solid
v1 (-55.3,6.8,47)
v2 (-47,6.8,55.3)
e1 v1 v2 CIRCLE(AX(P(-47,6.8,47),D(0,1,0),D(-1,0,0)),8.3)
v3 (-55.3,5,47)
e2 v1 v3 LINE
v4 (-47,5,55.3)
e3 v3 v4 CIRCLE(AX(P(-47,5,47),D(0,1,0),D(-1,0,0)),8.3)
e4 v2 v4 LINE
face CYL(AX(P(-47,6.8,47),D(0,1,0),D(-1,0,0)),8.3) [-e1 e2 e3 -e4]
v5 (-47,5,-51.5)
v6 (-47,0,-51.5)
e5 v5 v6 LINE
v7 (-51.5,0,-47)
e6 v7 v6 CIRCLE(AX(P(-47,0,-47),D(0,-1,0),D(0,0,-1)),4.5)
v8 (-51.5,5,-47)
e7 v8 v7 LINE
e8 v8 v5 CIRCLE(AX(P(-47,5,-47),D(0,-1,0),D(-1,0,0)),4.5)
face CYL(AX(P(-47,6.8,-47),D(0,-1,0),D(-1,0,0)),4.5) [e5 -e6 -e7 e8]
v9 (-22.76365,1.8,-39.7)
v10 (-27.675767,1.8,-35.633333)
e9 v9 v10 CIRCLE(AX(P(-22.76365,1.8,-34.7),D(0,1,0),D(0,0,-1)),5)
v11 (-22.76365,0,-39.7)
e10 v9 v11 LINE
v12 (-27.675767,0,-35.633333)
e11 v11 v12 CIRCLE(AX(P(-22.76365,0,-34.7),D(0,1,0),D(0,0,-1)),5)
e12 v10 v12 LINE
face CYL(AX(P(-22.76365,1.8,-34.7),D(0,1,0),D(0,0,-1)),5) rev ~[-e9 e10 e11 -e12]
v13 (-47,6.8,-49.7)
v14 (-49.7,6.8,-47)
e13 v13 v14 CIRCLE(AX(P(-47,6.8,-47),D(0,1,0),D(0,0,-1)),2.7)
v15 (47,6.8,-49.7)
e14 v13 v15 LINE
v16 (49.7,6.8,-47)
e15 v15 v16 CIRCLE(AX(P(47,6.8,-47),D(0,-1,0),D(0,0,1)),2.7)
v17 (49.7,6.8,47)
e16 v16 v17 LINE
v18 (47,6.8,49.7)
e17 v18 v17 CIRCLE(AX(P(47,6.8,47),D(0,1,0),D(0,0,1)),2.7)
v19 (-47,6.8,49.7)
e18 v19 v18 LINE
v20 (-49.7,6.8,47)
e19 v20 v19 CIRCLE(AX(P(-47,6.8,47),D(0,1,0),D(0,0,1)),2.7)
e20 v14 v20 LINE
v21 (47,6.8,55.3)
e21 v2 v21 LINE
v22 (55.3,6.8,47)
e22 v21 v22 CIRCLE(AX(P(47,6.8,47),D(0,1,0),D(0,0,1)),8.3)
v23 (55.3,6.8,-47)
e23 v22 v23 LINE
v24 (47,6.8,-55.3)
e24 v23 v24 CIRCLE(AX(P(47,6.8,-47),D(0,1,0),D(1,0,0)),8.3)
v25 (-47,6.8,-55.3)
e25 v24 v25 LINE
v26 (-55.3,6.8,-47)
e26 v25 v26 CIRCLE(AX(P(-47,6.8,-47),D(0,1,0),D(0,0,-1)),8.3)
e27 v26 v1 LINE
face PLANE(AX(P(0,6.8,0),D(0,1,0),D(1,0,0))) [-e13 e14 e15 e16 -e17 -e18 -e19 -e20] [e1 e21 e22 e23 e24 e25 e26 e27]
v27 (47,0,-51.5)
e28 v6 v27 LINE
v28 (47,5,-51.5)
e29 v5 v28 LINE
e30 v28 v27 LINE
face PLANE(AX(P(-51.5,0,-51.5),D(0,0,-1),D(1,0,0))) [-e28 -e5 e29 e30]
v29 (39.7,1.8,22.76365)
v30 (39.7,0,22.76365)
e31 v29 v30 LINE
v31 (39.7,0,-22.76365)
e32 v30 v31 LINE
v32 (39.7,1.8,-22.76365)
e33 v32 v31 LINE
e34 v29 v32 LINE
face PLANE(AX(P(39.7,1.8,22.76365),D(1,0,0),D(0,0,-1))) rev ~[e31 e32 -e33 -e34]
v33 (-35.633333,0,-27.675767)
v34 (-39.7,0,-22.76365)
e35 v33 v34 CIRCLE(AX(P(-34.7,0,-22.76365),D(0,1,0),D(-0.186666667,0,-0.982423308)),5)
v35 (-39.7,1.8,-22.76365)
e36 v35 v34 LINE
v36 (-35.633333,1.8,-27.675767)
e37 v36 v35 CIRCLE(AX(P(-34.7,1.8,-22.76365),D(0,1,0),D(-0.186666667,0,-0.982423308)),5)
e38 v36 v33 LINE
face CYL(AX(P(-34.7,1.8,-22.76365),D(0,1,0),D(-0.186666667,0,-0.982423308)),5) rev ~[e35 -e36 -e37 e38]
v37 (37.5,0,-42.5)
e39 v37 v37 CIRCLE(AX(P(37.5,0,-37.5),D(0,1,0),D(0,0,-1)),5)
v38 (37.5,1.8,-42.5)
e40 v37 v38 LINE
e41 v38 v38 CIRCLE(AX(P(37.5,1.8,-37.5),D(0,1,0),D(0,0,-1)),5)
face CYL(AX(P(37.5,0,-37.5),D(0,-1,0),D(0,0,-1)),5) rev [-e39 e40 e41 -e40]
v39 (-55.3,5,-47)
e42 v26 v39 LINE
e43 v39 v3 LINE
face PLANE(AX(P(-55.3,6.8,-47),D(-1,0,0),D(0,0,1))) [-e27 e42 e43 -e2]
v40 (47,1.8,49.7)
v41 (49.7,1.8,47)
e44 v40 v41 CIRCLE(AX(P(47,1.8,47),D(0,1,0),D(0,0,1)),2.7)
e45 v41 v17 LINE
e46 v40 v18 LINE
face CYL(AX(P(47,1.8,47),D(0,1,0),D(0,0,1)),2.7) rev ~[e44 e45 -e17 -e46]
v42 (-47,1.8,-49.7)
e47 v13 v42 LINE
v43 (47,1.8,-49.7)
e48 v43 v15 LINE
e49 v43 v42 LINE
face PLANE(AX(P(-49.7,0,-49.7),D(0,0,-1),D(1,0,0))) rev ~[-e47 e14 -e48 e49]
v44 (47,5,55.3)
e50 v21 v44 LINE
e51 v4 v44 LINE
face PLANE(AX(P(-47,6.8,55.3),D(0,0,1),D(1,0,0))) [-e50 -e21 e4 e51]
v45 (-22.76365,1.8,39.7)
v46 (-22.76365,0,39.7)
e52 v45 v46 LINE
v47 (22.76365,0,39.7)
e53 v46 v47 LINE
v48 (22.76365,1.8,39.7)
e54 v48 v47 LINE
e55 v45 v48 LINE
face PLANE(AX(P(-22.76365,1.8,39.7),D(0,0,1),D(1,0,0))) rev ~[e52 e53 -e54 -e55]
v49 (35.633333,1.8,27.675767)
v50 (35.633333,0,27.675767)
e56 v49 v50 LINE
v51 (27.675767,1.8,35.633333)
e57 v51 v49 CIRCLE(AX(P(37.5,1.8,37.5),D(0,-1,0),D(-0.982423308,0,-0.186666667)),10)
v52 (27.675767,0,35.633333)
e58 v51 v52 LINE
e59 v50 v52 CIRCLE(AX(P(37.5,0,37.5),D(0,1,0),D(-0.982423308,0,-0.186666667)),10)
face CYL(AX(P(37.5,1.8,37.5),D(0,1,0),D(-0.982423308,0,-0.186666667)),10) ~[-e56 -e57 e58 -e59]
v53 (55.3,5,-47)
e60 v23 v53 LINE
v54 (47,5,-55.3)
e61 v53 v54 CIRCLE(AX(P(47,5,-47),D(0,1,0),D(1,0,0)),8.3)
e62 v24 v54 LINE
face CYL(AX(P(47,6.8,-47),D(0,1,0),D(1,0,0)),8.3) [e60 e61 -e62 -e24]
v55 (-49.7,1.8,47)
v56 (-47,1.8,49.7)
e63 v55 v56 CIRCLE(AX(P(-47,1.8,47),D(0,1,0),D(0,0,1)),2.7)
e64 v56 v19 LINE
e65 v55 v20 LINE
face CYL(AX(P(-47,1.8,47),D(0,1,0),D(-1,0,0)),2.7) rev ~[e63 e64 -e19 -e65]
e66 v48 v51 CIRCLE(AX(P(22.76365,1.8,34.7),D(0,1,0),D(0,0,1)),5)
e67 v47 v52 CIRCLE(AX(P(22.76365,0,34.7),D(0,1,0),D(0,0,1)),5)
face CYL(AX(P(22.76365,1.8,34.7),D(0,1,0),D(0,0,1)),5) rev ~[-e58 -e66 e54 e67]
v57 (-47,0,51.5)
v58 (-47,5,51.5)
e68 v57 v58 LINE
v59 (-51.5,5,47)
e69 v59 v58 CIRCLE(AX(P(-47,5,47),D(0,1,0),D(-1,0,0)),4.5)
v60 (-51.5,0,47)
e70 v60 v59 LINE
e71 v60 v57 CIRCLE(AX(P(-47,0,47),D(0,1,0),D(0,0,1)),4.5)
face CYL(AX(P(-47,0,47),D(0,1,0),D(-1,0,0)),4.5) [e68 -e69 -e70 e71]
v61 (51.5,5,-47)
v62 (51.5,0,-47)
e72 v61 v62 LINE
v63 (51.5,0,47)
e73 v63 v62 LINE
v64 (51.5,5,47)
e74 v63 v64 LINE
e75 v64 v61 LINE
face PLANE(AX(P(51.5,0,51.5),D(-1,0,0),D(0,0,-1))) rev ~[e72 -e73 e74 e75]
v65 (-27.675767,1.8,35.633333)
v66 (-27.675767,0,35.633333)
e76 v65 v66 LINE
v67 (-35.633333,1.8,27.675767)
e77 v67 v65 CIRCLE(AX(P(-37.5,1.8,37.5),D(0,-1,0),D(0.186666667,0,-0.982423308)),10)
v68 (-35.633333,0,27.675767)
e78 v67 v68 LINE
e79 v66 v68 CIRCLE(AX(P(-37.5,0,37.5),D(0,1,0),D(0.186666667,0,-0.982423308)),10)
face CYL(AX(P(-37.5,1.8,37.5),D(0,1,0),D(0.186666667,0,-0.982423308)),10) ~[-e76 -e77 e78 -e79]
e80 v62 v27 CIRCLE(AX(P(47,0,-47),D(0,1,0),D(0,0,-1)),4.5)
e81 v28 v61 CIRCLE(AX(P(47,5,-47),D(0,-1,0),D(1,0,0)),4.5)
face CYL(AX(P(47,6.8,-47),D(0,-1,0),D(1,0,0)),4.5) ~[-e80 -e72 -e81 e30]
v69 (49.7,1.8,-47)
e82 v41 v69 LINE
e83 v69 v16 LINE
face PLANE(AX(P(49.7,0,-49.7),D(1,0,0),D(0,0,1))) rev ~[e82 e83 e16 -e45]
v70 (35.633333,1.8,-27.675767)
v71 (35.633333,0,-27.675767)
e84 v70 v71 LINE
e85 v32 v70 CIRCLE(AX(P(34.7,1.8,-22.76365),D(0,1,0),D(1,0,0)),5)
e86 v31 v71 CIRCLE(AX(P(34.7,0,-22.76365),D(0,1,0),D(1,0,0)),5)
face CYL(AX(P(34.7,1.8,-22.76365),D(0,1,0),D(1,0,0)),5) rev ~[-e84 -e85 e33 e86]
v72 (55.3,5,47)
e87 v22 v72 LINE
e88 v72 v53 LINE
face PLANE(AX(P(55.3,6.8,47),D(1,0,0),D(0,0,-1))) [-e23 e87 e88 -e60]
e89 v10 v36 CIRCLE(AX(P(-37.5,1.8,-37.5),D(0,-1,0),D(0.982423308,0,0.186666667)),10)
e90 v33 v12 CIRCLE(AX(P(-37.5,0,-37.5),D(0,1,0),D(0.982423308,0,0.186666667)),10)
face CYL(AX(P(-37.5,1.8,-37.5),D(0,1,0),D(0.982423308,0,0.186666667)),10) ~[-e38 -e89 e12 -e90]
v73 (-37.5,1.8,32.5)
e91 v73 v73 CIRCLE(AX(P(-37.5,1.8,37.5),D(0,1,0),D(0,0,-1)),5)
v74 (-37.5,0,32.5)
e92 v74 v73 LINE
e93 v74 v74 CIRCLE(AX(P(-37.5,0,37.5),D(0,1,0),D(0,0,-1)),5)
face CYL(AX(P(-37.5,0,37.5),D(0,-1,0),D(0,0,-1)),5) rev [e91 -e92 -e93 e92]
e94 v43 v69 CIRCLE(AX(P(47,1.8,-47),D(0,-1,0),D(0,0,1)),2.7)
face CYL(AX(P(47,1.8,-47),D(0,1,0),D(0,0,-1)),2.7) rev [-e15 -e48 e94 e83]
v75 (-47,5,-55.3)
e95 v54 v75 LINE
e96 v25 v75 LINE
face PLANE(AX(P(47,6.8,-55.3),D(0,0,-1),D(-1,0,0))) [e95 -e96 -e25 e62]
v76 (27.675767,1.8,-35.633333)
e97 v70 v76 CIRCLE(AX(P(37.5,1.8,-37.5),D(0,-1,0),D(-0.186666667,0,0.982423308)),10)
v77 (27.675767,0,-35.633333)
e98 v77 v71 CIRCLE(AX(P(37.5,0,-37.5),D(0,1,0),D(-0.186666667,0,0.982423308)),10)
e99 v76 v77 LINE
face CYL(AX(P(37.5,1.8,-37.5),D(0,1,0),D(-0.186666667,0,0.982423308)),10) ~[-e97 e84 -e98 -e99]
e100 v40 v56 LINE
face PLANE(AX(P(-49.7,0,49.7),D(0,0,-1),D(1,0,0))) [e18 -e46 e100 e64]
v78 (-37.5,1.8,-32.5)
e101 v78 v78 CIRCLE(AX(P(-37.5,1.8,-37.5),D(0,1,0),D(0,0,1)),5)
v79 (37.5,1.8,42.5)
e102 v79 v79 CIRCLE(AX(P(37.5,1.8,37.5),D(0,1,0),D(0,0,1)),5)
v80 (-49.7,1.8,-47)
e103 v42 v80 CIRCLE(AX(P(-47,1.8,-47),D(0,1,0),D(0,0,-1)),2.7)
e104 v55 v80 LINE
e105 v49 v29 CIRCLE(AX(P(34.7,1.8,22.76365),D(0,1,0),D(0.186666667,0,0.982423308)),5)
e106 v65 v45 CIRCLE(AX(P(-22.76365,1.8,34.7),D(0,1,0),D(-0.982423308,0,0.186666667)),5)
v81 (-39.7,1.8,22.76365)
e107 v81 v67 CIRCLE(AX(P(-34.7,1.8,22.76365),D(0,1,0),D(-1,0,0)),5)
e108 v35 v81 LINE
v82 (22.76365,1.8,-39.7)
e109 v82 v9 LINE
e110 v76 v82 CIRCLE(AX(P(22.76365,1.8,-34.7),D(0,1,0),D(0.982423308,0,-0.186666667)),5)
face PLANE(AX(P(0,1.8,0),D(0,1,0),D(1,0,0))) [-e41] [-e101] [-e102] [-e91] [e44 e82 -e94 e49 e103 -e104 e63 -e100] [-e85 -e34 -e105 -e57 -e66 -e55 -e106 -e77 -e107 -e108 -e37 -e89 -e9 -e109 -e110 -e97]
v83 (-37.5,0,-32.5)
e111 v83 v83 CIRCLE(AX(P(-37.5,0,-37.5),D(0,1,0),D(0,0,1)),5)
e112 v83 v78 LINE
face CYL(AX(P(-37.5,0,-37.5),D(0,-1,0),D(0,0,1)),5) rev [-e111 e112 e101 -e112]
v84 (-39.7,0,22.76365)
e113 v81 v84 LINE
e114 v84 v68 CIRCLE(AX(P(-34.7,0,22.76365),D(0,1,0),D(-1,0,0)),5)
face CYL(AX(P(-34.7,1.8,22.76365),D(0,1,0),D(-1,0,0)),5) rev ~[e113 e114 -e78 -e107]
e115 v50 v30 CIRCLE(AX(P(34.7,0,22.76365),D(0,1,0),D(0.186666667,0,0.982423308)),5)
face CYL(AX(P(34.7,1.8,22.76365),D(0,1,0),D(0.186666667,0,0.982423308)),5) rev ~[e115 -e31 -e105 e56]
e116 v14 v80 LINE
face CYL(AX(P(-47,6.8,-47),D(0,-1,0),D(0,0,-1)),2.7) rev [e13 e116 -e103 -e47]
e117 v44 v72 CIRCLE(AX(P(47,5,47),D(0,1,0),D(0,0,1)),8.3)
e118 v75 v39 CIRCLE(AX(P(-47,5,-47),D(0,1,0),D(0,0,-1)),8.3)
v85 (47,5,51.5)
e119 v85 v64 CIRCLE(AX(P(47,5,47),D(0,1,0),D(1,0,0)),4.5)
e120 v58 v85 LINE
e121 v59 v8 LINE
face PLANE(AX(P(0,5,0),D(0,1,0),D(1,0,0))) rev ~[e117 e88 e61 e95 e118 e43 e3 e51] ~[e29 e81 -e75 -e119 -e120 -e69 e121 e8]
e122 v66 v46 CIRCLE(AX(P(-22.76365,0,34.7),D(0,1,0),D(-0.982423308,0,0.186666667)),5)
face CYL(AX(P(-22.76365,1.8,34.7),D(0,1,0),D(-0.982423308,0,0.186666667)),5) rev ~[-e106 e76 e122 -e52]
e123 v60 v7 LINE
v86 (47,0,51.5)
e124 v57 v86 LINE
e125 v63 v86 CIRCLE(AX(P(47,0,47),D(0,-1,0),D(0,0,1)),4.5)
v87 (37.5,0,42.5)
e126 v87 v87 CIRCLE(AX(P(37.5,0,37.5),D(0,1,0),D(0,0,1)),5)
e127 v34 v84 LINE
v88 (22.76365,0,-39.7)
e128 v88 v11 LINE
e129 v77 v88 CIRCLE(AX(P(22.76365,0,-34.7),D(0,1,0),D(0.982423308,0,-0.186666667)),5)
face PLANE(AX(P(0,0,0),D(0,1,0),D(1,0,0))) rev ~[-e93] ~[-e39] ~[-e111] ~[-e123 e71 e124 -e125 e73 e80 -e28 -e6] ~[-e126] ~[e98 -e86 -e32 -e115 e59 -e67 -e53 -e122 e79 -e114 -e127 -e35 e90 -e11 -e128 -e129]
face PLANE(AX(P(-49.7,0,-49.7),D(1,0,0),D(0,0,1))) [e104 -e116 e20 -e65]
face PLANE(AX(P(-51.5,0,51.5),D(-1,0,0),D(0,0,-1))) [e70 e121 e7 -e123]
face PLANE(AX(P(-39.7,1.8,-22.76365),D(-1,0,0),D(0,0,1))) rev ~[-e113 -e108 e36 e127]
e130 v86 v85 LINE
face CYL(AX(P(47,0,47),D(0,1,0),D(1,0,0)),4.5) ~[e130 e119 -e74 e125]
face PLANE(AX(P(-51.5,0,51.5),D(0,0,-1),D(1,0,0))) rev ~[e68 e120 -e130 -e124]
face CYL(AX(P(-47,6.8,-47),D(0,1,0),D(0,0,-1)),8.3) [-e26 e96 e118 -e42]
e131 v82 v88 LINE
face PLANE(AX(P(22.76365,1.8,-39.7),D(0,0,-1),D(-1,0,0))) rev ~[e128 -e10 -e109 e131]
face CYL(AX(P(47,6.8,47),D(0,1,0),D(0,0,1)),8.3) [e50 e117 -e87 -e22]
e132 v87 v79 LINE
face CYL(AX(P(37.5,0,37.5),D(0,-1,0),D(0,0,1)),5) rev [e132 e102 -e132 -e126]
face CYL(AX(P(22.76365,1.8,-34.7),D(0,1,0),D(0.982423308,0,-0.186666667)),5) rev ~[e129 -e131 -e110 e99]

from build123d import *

# Parameters (mm, degrees)
SKETCH1_W           = 103
SKETCH1_H           = 103
SKETCH1_R           = 5
BOSS_EXTRUDE1_DEPTH = 1.8
SKETCH2_W           = 103
SKETCH2_H           = 103
SKETCH2_W_2         = 99.4
SKETCH2_H_2         = 99.4
BOSS_EXTRUDE2_DEPTH = 6.8
FILLET1_R           = 4.5
SKETCH3_W           = 99.4
SKETCH3_H           = 99.4
BOSS_EXTRUDE3_DEPTH = 1.8
FILLET3_R           = 2.7
CUT_EXTRUDE2_DEPTH  = 79.365681264


with BuildPart() as part:
    # Sketch1 → Boss-Extrude1 (new body)
    with BuildSketch(Plane(origin=(0, 0, 0), x_dir=(1, 0, 0), z_dir=(0, 1, 0))):
        Rectangle(SKETCH1_W, SKETCH1_H)
        with Locations(Location((-37.5, 37.5, 0), (0, 0, 270))):
            Circle(SKETCH1_R, mode=Mode.SUBTRACT)
        with Locations(Location((37.5, 37.5, 0), (0, 0, 90))):
            Circle(SKETCH1_R, mode=Mode.SUBTRACT)
        with Locations(Location((37.5, -37.5, 0), (0, 0, 270))):
            Circle(SKETCH1_R, mode=Mode.SUBTRACT)
        with Locations(Location((-37.5, -37.5, 0), (0, 0, 90))):
            Circle(SKETCH1_R, mode=Mode.SUBTRACT)
    extrude(amount=BOSS_EXTRUDE1_DEPTH)

    # Sketch2 → Boss-Extrude2 (add)
    with BuildSketch(Plane.XZ):
        Rectangle(SKETCH2_W, SKETCH2_H)
        Rectangle(SKETCH2_W_2, SKETCH2_H_2, mode=Mode.SUBTRACT)
    extrude(amount=-BOSS_EXTRUDE2_DEPTH)

    # Fillet1
    fillet1_edges = [part.edges().sort_by_distance(p)[0] for p in [
        (51.5, 3.4, 51.5),
        (-51.5, 3.4, 51.5),
        (-51.5, 3.4, -51.5),
        (51.5, 3.4, -51.5),
    ]]
    fillet(fillet1_edges, radius=FILLET1_R)

    # Sketch3 → Boss-Extrude3 (add)
    with BuildSketch(Plane(origin=(0, 6.8, 0), x_dir=(1, 0, 0), z_dir=(0, 1, 0))):
        with BuildLine():
            Line((47, 55.3), (-47, 55.3))
            ThreePointArc((-47, 55.3), (-52.868986284, 52.868986284), (-55.3, 47))
            Line((-55.3, 47), (-55.3, -47))
            ThreePointArc((-55.3, -47), (-52.868986284, -52.868986284), (-47, -55.3))
            Line((-47, -55.3), (47, -55.3))
            ThreePointArc((47, -55.3), (52.868986284, -52.868986284), (55.3, -47))
            Line((55.3, -47), (55.3, 47))
            ThreePointArc((55.3, 47), (52.868986284, 52.868986284), (47, 55.3))
        make_face()
        Rectangle(SKETCH3_W, SKETCH3_H, mode=Mode.SUBTRACT)
    extrude(amount=-BOSS_EXTRUDE3_DEPTH)

    # Fillet3
    fillet3_edges = [part.edges().sort_by_distance(p)[0] for p in [
        (-49.7, 4.3, 49.7),
        (-49.7, 4.3, -49.7),
        (49.7, 4.3, -49.7),
        (49.7, 4.3, 49.7),
    ]]
    fillet(fillet3_edges, radius=FILLET3_R)

    # Sketch5 → Cut-Extrude2 (cut, through all)
    with BuildSketch(Plane(origin=(0, 1.8, 0), x_dir=(1, 0, 0), z_dir=(0, 1, 0))):
        with BuildLine():
            Line((22.763650384, 39.7), (-22.763650384, 39.7))
            ThreePointArc((-22.763650384, 39.7), (-25.952171462, 38.551406669), (-27.675766923, 35.633333333))
            ThreePointArc((-27.675766923, 35.633333333), (-30.428932188, 30.428932188), (-35.633333333, 27.675766923))
            ThreePointArc((-35.633333333, 27.675766923), (-38.551406669, 25.952171462), (-39.7, 22.763650384))
            Line((-39.7, 22.763650384), (-39.7, -22.763650384))
            ThreePointArc((-39.7, -22.763650384), (-38.551406669, -25.952171462), (-35.633333333, -27.675766923))
            ThreePointArc((-35.633333333, -27.675766923), (-30.428932188, -30.428932188), (-27.675766923, -35.633333333))
            ThreePointArc((-27.675766923, -35.633333333), (-25.952171462, -38.551406669), (-22.763650384, -39.7))
            Line((-22.763650384, -39.7), (22.763650384, -39.7))
            ThreePointArc((22.763650384, -39.7), (25.952171462, -38.551406669), (27.675766923, -35.633333333))
            ThreePointArc((27.675766923, -35.633333333), (30.428932188, -30.428932188), (35.633333333, -27.675766923))
            ThreePointArc((35.633333333, -27.675766923), (38.551406669, -25.952171462), (39.7, -22.763650384))
            Line((39.7, -22.763650384), (39.7, 22.763650384))
            ThreePointArc((39.7, 22.763650384), (38.551406669, 25.952171462), (35.633333333, 27.675766923))
            ThreePointArc((35.633333333, 27.675766923), (30.428932188, 30.428932188), (27.675766923, 35.633333333))
            ThreePointArc((27.675766923, 35.633333333), (25.952171462, 38.551406669), (22.763650384, 39.7))
        make_face()
    extrude(amount=-CUT_EXTRUDE2_DEPTH, mode=Mode.SUBTRACT)


solid = part.part
